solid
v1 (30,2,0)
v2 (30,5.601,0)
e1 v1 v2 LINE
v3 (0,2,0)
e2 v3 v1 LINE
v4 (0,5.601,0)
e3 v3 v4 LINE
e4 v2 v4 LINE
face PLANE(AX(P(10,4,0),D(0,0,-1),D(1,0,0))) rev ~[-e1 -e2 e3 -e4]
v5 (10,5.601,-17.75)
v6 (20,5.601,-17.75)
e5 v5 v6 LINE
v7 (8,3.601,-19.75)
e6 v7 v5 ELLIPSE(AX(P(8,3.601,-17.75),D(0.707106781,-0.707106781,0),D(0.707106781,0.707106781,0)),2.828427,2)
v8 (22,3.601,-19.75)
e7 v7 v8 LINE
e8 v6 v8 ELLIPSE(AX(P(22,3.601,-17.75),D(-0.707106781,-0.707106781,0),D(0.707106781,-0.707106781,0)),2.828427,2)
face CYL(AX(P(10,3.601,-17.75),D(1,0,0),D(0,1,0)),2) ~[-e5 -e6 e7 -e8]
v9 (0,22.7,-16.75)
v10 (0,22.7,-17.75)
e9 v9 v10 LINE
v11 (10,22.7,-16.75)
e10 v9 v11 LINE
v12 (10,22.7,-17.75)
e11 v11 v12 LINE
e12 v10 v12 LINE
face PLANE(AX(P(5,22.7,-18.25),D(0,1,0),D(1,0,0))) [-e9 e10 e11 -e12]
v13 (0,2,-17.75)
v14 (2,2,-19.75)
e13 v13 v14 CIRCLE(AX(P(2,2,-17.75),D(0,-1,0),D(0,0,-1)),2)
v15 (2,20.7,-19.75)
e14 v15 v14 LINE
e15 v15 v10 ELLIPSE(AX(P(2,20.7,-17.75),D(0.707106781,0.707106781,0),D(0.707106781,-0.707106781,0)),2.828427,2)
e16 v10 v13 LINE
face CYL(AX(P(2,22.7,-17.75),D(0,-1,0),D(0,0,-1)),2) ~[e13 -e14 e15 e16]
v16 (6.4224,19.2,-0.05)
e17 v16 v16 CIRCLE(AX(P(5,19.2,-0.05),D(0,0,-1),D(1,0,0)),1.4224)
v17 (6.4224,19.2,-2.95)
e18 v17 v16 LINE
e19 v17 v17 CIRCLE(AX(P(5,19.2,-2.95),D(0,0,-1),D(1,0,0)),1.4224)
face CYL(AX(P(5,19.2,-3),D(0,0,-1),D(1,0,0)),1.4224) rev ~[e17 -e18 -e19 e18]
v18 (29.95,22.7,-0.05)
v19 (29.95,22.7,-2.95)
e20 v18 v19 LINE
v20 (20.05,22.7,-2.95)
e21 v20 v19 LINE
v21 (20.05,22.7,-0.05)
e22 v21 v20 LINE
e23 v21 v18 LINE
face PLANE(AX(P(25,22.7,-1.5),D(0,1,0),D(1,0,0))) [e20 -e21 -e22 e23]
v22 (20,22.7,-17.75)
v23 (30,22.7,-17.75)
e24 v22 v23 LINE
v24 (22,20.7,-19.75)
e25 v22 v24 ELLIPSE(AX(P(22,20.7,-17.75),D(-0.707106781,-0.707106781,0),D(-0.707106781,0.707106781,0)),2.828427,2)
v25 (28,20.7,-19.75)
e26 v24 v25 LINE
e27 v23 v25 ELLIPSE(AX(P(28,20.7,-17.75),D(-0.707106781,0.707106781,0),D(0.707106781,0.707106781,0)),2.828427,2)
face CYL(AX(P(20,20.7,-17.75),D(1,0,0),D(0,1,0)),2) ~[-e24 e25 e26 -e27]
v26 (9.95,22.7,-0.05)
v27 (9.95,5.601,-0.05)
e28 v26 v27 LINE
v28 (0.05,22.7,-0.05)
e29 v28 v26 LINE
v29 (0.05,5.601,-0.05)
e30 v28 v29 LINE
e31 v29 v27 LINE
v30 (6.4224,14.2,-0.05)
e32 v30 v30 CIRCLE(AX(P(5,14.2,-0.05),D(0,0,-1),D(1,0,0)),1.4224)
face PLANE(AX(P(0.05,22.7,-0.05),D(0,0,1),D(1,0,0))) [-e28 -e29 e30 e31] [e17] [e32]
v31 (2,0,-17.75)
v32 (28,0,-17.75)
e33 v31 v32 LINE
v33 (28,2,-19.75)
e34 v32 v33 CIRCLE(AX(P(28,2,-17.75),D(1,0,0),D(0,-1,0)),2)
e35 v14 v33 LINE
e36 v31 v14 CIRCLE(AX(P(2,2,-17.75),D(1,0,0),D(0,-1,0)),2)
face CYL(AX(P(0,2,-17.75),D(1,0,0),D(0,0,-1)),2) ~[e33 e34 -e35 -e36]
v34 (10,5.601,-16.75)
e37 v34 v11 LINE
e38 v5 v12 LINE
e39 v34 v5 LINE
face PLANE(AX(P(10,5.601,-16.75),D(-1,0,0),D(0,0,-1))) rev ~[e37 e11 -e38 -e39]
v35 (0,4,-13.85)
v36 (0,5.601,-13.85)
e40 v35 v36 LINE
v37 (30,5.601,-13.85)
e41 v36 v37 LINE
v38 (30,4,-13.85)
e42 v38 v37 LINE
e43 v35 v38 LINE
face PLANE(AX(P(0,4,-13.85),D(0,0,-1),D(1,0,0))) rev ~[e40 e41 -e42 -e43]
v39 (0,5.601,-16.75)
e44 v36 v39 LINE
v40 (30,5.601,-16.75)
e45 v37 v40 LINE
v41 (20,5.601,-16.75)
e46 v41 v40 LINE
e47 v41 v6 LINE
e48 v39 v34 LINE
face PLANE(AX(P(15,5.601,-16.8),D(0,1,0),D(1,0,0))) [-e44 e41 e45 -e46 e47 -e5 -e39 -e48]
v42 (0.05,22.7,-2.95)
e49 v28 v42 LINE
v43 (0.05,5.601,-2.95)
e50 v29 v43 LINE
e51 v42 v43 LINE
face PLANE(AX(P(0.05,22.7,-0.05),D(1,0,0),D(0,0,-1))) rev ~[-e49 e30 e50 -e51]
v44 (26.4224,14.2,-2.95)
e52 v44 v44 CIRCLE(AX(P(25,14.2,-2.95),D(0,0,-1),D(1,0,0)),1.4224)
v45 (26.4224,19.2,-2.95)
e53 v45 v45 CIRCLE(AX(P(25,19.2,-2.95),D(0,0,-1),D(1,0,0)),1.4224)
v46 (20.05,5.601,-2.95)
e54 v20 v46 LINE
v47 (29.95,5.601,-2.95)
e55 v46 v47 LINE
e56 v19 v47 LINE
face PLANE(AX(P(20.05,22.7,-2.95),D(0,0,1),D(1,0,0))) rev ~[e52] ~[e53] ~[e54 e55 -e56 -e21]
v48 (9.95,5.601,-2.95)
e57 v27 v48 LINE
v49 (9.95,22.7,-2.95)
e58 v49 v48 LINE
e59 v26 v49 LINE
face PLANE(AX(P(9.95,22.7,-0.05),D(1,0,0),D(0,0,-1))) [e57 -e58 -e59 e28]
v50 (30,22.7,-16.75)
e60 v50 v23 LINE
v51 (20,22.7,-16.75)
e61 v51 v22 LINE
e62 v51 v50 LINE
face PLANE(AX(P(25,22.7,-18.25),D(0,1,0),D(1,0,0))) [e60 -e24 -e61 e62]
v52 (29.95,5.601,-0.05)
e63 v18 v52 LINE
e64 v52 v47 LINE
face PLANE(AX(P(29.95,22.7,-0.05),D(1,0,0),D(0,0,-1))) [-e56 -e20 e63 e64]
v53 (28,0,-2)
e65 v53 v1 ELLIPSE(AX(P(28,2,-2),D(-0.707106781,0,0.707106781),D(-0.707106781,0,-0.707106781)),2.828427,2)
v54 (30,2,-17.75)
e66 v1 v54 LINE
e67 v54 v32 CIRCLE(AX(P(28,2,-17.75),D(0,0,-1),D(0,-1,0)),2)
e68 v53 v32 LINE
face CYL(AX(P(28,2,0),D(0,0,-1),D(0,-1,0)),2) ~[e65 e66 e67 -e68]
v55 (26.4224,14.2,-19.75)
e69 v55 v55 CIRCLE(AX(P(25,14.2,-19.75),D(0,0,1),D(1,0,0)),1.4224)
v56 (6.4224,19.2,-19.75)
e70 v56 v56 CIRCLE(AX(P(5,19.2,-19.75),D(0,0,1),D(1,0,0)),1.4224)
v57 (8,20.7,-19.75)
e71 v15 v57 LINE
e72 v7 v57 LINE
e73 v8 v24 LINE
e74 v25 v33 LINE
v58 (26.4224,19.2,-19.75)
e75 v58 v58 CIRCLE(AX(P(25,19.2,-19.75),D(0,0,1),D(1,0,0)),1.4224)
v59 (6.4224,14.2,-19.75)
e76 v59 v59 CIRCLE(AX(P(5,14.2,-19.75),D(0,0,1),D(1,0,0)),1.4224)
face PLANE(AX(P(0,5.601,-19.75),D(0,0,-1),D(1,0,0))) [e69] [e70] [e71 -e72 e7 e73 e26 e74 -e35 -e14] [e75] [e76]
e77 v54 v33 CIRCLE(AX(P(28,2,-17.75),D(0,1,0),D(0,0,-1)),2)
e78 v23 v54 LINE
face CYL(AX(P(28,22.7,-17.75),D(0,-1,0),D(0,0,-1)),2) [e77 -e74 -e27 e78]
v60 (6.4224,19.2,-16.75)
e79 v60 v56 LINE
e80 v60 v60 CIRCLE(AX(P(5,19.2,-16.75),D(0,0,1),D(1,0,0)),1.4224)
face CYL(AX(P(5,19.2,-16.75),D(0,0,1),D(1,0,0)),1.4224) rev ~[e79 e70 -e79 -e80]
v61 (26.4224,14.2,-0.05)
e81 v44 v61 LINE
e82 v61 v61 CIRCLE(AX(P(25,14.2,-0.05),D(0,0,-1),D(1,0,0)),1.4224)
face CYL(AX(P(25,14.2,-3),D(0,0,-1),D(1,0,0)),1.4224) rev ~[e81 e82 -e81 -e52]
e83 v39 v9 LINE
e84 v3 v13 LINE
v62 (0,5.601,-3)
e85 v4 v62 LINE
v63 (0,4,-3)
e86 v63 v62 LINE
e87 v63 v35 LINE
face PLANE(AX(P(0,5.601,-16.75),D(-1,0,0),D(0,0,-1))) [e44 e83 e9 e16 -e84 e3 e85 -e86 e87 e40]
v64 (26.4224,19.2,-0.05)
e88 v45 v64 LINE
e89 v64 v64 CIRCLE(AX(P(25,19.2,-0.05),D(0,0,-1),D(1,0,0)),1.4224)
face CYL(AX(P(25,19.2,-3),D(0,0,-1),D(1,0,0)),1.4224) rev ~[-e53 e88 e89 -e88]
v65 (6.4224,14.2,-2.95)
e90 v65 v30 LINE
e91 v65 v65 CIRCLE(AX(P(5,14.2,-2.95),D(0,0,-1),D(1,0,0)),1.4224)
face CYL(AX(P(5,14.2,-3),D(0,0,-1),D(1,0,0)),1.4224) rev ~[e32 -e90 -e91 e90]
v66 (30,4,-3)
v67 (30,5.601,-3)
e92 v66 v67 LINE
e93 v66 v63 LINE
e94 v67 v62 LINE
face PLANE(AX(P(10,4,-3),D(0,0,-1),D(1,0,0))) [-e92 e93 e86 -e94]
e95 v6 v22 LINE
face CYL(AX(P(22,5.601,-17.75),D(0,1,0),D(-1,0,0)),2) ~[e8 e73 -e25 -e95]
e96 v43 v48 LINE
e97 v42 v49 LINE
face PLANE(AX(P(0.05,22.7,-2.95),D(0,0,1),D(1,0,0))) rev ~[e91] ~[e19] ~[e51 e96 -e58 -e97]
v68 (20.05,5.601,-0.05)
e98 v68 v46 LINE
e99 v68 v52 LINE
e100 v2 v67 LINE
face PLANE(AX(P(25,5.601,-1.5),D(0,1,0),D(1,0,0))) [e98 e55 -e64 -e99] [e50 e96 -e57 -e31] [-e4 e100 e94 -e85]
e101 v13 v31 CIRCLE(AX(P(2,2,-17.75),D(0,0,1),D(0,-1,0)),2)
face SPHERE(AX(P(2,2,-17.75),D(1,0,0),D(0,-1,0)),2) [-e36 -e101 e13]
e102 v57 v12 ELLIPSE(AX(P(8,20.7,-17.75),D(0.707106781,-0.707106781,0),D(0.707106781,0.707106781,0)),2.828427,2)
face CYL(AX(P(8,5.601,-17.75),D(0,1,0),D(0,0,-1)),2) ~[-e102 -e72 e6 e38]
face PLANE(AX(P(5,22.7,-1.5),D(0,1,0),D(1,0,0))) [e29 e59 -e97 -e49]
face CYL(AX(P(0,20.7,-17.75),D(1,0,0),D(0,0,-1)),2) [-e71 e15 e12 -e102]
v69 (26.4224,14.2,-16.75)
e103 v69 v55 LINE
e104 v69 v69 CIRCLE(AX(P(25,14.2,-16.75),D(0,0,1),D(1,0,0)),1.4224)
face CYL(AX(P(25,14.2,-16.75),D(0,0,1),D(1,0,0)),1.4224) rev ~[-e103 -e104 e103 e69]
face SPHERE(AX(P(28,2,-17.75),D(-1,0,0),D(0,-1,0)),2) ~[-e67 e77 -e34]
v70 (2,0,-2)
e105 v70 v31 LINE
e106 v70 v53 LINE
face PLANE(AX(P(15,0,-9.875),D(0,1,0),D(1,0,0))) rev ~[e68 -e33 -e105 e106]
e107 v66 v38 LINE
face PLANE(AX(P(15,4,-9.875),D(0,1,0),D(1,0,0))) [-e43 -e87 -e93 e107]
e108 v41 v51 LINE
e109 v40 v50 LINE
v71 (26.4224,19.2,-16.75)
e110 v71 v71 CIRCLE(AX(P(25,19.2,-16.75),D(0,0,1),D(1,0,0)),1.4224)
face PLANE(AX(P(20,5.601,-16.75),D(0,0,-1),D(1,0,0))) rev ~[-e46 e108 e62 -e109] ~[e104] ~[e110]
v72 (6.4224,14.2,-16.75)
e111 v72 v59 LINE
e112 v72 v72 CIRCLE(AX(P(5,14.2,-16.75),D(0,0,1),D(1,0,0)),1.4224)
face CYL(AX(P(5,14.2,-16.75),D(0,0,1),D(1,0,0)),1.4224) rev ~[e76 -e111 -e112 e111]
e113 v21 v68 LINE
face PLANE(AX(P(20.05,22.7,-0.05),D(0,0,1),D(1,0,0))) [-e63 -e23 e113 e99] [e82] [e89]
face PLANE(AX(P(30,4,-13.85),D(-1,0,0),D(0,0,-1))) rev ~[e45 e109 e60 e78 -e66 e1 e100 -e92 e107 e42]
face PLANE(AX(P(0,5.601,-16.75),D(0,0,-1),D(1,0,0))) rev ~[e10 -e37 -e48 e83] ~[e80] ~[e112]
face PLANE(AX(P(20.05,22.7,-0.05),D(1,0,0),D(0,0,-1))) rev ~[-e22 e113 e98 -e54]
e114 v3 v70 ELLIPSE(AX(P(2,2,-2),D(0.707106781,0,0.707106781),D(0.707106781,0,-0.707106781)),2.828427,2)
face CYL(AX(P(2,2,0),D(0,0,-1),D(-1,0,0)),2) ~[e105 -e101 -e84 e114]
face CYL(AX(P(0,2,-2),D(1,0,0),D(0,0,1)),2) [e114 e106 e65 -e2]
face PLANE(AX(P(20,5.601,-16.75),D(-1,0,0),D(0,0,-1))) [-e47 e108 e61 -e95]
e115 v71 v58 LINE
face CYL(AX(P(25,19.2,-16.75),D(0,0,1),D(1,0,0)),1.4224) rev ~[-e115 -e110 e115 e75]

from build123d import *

# Parameters (mm, degrees)
SKETCH1_W           = 30
SKETCH1_H           = 19.75
BOSS_EXTRUDE1_DEPTH = 4
SKETCH2_W           = 30
SKETCH2_H           = 5.9
BOSS_EXTRUDE2_DEPTH = 1.601
SKETCH3_W           = 10
SKETCH3_H           = 3
BOSS_EXTRUDE3_DEPTH = 18.7
SKETCH4_W           = 10
SKETCH4_H           = 3
BOSS_EXTRUDE4_DEPTH = 17.099
SKETCH5_W           = 10
SKETCH5_H           = 3
BOSS_EXTRUDE5_DEPTH = 1.601
FILLET1_R           = 2
CUT_EXTRUDE1_REACH  = 43.181
SKETCH6_R           = 1.4224
CUT_EXTRUDE2_REACH  = 43.181
SKETCH7_R           = 1.4224
SKETCH8_W           = 10
SKETCH8_H           = 3
SKETCH8_W_2         = 9.9
SKETCH8_H_2         = 2.9
CUT_EXTRUDE3_DEPTH  = 17.099


with BuildPart() as part:
    # Sketch1 → Boss-Extrude1 (new body)
    with BuildSketch(Plane(origin=(0, 0, 0), x_dir=(1, 0, 0), z_dir=(0, 1, 0))):
        with Locations((15, 9.875)):
            Rectangle(SKETCH1_W, SKETCH1_H)
    extrude(amount=BOSS_EXTRUDE1_DEPTH)

    # Sketch2 → Boss-Extrude2 (add)
    with BuildSketch(Plane(origin=(0, 4, 0), x_dir=(1, 0, 0), z_dir=(0, 1, 0))):
        with Locations((15, 16.8)):
            Rectangle(SKETCH2_W, SKETCH2_H)
    extrude(amount=BOSS_EXTRUDE2_DEPTH)

    # Sketch3 → Boss-Extrude3 (add)
    with BuildSketch(Plane(origin=(0, 4, 0), x_dir=(1, 0, 0), z_dir=(0, 1, 0))):
        with Locations((5, 1.5)):
            Rectangle(SKETCH3_W, SKETCH3_H)
        with Locations((25, 1.5)):
            Rectangle(SKETCH3_W, SKETCH3_H)
    extrude(amount=BOSS_EXTRUDE3_DEPTH)

    # Sketch4 → Boss-Extrude4 (add)
    with BuildSketch(Plane(origin=(0, 5.601, 0), x_dir=(1, 0, 0), z_dir=(0, 1, 0))):
        with Locations((5, 18.25)):
            Rectangle(SKETCH4_W, SKETCH4_H)
        with Locations((25, 18.25)):
            Rectangle(SKETCH4_W, SKETCH4_H)
    extrude(amount=BOSS_EXTRUDE4_DEPTH)

    # Sketch5 → Boss-Extrude5 (add)
    with BuildSketch(Plane(origin=(0, 4, 0), x_dir=(1, 0, 0), z_dir=(0, 1, 0))):
        with Locations((15, 1.5)):
            Rectangle(SKETCH5_W, SKETCH5_H)
    extrude(amount=BOSS_EXTRUDE5_DEPTH)

    # Fillet1
    fillet1_edges = [part.edges().sort_by_distance(p)[0] for p in [
        (15, 0, -19.75),
        (30, 0, -9.875),
        (15, 0, 0),
        (10, 14.1505, -19.75),
        (5, 22.7, -19.75),
        (0, 0, -9.875),
        (15, 5.601, -19.75),
        (20, 14.1505, -19.75),
        (25, 22.7, -19.75),
        (0, 11.35, -19.75),
        (30, 11.35, -19.75),
    ]]
    fillet(fillet1_edges, radius=FILLET1_R)

    # Sketch6 → Cut-Extrude1 (cut, up to next)
    with BuildSketch(Plane.XY.offset(-16.75), mode=Mode.PRIVATE) as cut_extrude1_sk1:
        with Locations((5, 19.2)):
            Circle(SKETCH6_R)
    cut_extrude1_tool1 = extrude(cut_extrude1_sk1.sketch, amount=-CUT_EXTRUDE1_REACH, mode=Mode.PRIVATE) & part.part
    # Sketch6 → Cut-Extrude1 (cut, up to next)
    with BuildSketch(Plane.XY.offset(-16.75), mode=Mode.PRIVATE) as cut_extrude1_sk2:
        with Locations((25, 19.2)):
            Circle(SKETCH6_R)
    cut_extrude1_tool2 = extrude(cut_extrude1_sk2.sketch, amount=-CUT_EXTRUDE1_REACH, mode=Mode.PRIVATE) & part.part
    # Sketch6 → Cut-Extrude1 (cut, up to next)
    with BuildSketch(Plane.XY.offset(-16.75), mode=Mode.PRIVATE) as cut_extrude1_sk3:
        with Locations((5, 14.2)):
            Circle(SKETCH6_R)
    cut_extrude1_tool3 = extrude(cut_extrude1_sk3.sketch, amount=-CUT_EXTRUDE1_REACH, mode=Mode.PRIVATE) & part.part
    # Sketch6 → Cut-Extrude1 (cut, up to next)
    with BuildSketch(Plane.XY.offset(-16.75), mode=Mode.PRIVATE) as cut_extrude1_sk4:
        with Locations((25, 14.2)):
            Circle(SKETCH6_R)
    cut_extrude1_tool4 = extrude(cut_extrude1_sk4.sketch, amount=-CUT_EXTRUDE1_REACH, mode=Mode.PRIVATE) & part.part
    add(cut_extrude1_tool1.solids().sort_by_distance((5, 19.2, -16.75))[0], mode=Mode.SUBTRACT)
    add(cut_extrude1_tool2.solids().sort_by_distance((25, 19.2, -16.75))[0], mode=Mode.SUBTRACT)
    add(cut_extrude1_tool3.solids().sort_by_distance((5, 14.2, -16.75))[0], mode=Mode.SUBTRACT)
    add(cut_extrude1_tool4.solids().sort_by_distance((25, 14.2, -16.75))[0], mode=Mode.SUBTRACT)

    # Sketch7 → Cut-Extrude2 (cut, up to next)
    with BuildSketch(Plane(origin=(0, 0, -3), x_dir=(-1, 0, 0), z_dir=(0, 0, -1)), mode=Mode.PRIVATE) as cut_extrude2_sk1:
        with Locations(Location((-25, 19.2, 0), (0, 0, 180))):
            Circle(SKETCH7_R)
    cut_extrude2_tool1 = extrude(cut_extrude2_sk1.sketch, amount=-CUT_EXTRUDE2_REACH, mode=Mode.PRIVATE) & part.part
    # Sketch7 → Cut-Extrude2 (cut, up to next)
    with BuildSketch(Plane(origin=(0, 0, -3), x_dir=(-1, 0, 0), z_dir=(0, 0, -1)), mode=Mode.PRIVATE) as cut_extrude2_sk2:
        with Locations(Location((-5, 19.2, 0), (0, 0, 180))):
            Circle(SKETCH7_R)
    cut_extrude2_tool2 = extrude(cut_extrude2_sk2.sketch, amount=-CUT_EXTRUDE2_REACH, mode=Mode.PRIVATE) & part.part
    # Sketch7 → Cut-Extrude2 (cut, up to next)
    with BuildSketch(Plane(origin=(0, 0, -3), x_dir=(-1, 0, 0), z_dir=(0, 0, -1)), mode=Mode.PRIVATE) as cut_extrude2_sk3:
        with Locations(Location((-5, 14.2, 0), (0, 0, 180))):
            Circle(SKETCH7_R)
    cut_extrude2_tool3 = extrude(cut_extrude2_sk3.sketch, amount=-CUT_EXTRUDE2_REACH, mode=Mode.PRIVATE) & part.part
    # Sketch7 → Cut-Extrude2 (cut, up to next)
    with BuildSketch(Plane(origin=(0, 0, -3), x_dir=(-1, 0, 0), z_dir=(0, 0, -1)), mode=Mode.PRIVATE) as cut_extrude2_sk4:
        with Locations(Location((-25, 14.2, 0), (0, 0, 180))):
            Circle(SKETCH7_R)
    cut_extrude2_tool4 = extrude(cut_extrude2_sk4.sketch, amount=-CUT_EXTRUDE2_REACH, mode=Mode.PRIVATE) & part.part
    add(cut_extrude2_tool1.solids().sort_by_distance((25, 19.2, -3))[0], mode=Mode.SUBTRACT)
    add(cut_extrude2_tool2.solids().sort_by_distance((5, 19.2, -3))[0], mode=Mode.SUBTRACT)
    add(cut_extrude2_tool3.solids().sort_by_distance((5, 14.2, -3))[0], mode=Mode.SUBTRACT)
    add(cut_extrude2_tool4.solids().sort_by_distance((25, 14.2, -3))[0], mode=Mode.SUBTRACT)

    # Sketch8 → Cut-Extrude3 (cut)
    # profile 1 of 2: a face of its own
    with BuildSketch(Plane(origin=(0, 22.7, 0), x_dir=(1, 0, 0), z_dir=(0, 1, 0))):
        with Locations((5, 1.5)):
            Rectangle(SKETCH8_W, SKETCH8_H)
        with Locations((5, 1.5)):
            Rectangle(SKETCH8_W_2, SKETCH8_H_2, mode=Mode.SUBTRACT)
    # profile 2 of 2: a face of its own
    with BuildSketch(Plane(origin=(0, 22.7, 0), x_dir=(1, 0, 0), z_dir=(0, 1, 0))):
        with Locations((25, 1.5)):
            Rectangle(SKETCH8_W, SKETCH8_H)
        with Locations((25, 1.5)):
            Rectangle(SKETCH8_W_2, SKETCH8_H_2, mode=Mode.SUBTRACT)
    extrude(amount=-CUT_EXTRUDE3_DEPTH, mode=Mode.SUBTRACT)


solid = part.part
